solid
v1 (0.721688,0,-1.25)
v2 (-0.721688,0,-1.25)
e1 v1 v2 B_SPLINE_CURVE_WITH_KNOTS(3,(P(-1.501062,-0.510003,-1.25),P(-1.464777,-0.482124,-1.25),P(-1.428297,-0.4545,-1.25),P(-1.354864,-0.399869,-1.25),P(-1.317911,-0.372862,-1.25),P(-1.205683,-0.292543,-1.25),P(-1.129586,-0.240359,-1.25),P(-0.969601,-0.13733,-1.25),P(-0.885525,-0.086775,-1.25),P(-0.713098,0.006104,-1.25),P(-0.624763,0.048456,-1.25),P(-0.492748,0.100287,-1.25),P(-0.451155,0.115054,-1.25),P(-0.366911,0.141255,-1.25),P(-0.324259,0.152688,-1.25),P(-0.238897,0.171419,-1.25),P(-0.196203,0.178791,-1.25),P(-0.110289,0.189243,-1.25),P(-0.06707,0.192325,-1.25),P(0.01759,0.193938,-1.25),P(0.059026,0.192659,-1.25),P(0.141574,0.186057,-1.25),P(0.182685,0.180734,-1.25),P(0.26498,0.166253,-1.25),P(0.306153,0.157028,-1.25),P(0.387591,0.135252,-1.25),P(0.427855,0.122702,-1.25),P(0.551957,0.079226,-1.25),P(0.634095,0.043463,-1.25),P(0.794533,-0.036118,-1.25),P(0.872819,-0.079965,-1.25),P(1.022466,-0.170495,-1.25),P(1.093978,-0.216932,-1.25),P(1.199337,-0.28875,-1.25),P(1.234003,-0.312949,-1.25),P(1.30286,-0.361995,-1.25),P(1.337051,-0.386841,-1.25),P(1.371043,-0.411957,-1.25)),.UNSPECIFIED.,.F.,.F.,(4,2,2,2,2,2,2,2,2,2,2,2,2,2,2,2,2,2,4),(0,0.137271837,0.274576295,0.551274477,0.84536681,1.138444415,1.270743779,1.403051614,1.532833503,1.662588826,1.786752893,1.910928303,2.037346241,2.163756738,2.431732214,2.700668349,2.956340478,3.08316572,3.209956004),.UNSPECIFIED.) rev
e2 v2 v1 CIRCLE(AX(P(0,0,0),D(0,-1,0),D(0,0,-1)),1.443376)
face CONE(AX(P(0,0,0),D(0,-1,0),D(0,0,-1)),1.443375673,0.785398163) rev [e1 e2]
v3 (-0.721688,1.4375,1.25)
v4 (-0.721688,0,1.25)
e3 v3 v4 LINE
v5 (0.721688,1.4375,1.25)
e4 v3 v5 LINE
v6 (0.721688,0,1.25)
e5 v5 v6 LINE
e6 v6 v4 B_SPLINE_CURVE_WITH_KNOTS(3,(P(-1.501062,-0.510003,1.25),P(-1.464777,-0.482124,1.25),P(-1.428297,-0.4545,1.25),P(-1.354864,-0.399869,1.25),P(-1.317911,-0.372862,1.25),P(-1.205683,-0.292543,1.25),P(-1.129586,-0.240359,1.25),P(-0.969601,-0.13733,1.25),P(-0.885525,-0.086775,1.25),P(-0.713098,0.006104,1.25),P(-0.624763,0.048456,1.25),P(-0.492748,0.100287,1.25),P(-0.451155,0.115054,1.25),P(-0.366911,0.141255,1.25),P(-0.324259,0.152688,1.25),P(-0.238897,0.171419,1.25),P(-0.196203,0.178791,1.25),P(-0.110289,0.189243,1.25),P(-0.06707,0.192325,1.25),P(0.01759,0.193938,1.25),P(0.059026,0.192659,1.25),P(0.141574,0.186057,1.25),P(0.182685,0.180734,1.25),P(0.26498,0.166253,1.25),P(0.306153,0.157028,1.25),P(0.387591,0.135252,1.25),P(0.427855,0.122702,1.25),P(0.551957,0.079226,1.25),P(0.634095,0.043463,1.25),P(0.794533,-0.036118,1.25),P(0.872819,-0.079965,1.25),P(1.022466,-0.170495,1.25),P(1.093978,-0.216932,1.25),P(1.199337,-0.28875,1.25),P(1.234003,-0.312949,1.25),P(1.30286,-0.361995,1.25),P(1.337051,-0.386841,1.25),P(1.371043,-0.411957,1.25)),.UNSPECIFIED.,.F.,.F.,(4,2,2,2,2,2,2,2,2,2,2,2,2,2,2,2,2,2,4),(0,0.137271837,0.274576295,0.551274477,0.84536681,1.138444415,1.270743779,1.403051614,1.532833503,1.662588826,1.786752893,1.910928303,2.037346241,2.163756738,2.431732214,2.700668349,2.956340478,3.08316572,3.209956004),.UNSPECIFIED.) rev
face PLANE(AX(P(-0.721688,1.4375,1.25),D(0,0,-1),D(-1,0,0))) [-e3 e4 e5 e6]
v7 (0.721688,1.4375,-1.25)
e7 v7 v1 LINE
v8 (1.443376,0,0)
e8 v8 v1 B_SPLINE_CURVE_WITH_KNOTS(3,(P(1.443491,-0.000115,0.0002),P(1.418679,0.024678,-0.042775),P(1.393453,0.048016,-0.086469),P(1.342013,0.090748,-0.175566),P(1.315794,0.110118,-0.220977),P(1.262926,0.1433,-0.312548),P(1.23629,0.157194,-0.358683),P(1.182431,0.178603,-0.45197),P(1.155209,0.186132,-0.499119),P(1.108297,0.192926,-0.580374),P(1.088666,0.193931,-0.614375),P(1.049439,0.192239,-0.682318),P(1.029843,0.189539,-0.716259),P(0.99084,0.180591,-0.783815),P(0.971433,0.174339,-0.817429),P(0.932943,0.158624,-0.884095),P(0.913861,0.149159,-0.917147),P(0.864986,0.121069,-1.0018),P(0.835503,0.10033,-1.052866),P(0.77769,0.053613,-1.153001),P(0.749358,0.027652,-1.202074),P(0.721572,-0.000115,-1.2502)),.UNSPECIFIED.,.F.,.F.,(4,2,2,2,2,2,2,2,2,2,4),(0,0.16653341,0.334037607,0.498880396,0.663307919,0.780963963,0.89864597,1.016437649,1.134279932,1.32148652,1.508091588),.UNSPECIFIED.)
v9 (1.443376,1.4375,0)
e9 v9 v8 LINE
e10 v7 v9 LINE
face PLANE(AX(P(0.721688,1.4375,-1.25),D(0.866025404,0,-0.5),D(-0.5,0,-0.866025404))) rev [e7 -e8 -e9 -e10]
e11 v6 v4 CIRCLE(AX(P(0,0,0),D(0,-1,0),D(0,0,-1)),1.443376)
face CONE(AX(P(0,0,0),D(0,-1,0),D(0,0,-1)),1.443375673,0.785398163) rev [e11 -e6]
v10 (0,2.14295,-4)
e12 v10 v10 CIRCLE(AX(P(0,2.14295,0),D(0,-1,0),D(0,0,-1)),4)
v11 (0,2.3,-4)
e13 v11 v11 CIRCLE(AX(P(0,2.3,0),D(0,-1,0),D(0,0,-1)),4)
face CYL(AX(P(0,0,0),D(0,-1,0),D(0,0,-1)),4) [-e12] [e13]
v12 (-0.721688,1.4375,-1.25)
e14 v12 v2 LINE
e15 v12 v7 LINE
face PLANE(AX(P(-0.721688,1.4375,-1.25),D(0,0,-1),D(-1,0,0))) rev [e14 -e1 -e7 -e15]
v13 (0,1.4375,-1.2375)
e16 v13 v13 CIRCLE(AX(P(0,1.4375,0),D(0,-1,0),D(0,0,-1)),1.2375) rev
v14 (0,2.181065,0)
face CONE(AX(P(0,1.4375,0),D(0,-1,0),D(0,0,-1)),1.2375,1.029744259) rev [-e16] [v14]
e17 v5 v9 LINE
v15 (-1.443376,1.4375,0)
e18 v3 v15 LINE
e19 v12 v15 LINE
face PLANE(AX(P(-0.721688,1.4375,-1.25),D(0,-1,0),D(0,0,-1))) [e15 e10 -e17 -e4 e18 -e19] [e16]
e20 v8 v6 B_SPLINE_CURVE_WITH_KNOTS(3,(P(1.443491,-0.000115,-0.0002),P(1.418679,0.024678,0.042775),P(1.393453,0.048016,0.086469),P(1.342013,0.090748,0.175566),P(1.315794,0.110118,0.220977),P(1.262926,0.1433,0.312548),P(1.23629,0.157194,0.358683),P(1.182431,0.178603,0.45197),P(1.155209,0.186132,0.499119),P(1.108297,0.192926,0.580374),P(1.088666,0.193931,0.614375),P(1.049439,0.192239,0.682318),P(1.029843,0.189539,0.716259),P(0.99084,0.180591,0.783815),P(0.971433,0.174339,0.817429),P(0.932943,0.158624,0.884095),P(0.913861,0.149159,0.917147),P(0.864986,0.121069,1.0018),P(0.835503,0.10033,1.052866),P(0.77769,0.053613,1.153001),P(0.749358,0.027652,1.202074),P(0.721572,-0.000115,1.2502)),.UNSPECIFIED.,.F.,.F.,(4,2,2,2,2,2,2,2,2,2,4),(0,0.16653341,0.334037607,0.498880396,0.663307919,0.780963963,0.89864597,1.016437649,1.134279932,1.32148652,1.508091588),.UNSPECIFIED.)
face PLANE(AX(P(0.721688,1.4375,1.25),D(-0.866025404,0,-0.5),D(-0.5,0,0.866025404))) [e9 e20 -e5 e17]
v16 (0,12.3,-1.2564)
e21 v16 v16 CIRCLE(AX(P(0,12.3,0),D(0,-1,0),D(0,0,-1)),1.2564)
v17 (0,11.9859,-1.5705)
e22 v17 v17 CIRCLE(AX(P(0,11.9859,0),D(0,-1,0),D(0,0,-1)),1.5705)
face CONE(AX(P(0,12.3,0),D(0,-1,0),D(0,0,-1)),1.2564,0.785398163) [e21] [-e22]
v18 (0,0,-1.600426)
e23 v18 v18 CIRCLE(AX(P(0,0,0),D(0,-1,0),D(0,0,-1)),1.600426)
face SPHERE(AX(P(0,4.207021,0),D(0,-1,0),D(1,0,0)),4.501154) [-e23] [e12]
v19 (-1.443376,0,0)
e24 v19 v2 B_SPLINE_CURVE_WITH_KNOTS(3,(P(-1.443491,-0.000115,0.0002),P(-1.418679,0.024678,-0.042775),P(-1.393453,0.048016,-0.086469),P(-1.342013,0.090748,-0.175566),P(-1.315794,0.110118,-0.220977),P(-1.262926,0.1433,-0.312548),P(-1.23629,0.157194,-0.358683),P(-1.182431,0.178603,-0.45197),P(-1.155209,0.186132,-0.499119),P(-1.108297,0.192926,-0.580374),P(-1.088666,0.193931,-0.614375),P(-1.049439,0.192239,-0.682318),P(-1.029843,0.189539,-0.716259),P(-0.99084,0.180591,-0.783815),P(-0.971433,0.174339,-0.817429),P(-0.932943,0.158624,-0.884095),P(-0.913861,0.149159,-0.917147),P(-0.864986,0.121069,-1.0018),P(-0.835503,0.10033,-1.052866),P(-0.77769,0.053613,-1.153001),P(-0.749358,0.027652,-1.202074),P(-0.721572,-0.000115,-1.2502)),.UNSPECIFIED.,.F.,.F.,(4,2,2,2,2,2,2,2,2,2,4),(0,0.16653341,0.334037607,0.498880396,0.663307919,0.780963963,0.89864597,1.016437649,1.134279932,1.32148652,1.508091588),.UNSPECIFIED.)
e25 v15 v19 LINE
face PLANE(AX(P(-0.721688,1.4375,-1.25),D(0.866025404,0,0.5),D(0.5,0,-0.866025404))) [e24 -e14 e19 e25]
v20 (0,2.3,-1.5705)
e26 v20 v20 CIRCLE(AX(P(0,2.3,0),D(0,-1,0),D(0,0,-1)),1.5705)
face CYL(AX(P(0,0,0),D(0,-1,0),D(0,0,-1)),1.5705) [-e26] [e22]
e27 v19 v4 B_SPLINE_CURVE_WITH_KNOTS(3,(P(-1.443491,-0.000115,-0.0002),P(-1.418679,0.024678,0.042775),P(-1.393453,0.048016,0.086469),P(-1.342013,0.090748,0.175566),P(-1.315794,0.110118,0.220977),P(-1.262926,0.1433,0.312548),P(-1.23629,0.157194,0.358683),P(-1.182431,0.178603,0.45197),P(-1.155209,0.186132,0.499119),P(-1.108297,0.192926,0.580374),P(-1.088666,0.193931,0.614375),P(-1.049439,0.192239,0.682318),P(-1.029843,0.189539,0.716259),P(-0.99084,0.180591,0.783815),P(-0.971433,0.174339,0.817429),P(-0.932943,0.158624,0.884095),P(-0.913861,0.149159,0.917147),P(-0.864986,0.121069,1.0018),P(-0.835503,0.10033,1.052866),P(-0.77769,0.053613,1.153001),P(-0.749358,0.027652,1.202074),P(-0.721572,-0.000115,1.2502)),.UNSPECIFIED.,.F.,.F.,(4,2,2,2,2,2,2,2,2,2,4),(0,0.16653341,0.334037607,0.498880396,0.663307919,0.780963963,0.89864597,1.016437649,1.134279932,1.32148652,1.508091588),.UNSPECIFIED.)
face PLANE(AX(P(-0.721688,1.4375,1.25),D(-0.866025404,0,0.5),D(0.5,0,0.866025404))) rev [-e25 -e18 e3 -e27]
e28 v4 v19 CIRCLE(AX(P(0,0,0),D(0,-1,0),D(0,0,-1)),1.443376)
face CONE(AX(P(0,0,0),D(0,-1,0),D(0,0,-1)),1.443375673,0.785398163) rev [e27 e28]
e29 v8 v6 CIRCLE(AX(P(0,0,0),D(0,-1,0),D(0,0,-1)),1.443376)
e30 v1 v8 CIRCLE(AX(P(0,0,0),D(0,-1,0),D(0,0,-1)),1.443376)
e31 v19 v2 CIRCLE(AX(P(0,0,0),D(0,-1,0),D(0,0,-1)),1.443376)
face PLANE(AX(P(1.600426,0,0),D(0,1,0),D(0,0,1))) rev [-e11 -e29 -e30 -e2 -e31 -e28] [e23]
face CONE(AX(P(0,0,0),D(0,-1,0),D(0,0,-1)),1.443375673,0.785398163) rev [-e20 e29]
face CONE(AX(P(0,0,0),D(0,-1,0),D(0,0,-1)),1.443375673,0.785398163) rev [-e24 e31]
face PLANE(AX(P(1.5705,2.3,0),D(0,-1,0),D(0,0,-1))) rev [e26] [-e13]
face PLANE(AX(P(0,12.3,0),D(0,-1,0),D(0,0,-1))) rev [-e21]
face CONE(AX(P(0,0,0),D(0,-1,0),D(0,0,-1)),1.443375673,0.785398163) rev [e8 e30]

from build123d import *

# Parameters (mm, degrees)
SCHNITT_LINEAR_AUSTRAGEN1_DEPTH = 1.4375


with BuildPart() as part:
    # Skizze1 → Basis-Rotation (revolve)
    with BuildSketch(Plane.XY, mode=Mode.PRIVATE) as basis_rotation_sk:
        with BuildLine():
            Line((0, 12.3), (1.2564, 12.3))
            Line((1.2564, 12.3), (1.5705, 11.9859))
            Line((1.5705, 11.9859), (1.5705, 2.3))
            Line((1.5705, 2.3), (4, 2.3))
            Line((4, 2.3), (4, 2.14295))
            ThreePointArc((4, 2.14295), (2.998207899, 0.849769468), (1.600425673, 0))
            Line((1.600425673, 0), (1.443375673, 0))
            Line((1.443375673, 0), (1.2375, 0.205875673))
            Line((1.2375, 0.205875673), (1.2375, 1.4375))
            Line((1.2375, 1.4375), (0, 2.181065016))
            Line((0, 2.181065016), (0, 12.3))
        make_face()
    revolve(basis_rotation_sk.sketch.rotate(Axis((0, 0, 0), (0, 1, 0)), 90), axis=Axis((0, 0, 0), (0, 1, 0)))  # turned: the seam where the file's is

    # Skizze2 → Schnitt-Linear austragen1 (cut)
    with BuildSketch(Plane(origin=(0, 0, 0), x_dir=(1, 0, 0), z_dir=(0, 1, 0))):
        Polygon((-0.721687836, -1.25), (0.721687836, -1.25), (1.443375673, 0), (0.721687836, 1.25), (-0.721687836, 1.25), (-1.443375673, 0), align=None)
    extrude(amount=SCHNITT_LINEAR_AUSTRAGEN1_DEPTH, mode=Mode.SUBTRACT)


solid = part.part
